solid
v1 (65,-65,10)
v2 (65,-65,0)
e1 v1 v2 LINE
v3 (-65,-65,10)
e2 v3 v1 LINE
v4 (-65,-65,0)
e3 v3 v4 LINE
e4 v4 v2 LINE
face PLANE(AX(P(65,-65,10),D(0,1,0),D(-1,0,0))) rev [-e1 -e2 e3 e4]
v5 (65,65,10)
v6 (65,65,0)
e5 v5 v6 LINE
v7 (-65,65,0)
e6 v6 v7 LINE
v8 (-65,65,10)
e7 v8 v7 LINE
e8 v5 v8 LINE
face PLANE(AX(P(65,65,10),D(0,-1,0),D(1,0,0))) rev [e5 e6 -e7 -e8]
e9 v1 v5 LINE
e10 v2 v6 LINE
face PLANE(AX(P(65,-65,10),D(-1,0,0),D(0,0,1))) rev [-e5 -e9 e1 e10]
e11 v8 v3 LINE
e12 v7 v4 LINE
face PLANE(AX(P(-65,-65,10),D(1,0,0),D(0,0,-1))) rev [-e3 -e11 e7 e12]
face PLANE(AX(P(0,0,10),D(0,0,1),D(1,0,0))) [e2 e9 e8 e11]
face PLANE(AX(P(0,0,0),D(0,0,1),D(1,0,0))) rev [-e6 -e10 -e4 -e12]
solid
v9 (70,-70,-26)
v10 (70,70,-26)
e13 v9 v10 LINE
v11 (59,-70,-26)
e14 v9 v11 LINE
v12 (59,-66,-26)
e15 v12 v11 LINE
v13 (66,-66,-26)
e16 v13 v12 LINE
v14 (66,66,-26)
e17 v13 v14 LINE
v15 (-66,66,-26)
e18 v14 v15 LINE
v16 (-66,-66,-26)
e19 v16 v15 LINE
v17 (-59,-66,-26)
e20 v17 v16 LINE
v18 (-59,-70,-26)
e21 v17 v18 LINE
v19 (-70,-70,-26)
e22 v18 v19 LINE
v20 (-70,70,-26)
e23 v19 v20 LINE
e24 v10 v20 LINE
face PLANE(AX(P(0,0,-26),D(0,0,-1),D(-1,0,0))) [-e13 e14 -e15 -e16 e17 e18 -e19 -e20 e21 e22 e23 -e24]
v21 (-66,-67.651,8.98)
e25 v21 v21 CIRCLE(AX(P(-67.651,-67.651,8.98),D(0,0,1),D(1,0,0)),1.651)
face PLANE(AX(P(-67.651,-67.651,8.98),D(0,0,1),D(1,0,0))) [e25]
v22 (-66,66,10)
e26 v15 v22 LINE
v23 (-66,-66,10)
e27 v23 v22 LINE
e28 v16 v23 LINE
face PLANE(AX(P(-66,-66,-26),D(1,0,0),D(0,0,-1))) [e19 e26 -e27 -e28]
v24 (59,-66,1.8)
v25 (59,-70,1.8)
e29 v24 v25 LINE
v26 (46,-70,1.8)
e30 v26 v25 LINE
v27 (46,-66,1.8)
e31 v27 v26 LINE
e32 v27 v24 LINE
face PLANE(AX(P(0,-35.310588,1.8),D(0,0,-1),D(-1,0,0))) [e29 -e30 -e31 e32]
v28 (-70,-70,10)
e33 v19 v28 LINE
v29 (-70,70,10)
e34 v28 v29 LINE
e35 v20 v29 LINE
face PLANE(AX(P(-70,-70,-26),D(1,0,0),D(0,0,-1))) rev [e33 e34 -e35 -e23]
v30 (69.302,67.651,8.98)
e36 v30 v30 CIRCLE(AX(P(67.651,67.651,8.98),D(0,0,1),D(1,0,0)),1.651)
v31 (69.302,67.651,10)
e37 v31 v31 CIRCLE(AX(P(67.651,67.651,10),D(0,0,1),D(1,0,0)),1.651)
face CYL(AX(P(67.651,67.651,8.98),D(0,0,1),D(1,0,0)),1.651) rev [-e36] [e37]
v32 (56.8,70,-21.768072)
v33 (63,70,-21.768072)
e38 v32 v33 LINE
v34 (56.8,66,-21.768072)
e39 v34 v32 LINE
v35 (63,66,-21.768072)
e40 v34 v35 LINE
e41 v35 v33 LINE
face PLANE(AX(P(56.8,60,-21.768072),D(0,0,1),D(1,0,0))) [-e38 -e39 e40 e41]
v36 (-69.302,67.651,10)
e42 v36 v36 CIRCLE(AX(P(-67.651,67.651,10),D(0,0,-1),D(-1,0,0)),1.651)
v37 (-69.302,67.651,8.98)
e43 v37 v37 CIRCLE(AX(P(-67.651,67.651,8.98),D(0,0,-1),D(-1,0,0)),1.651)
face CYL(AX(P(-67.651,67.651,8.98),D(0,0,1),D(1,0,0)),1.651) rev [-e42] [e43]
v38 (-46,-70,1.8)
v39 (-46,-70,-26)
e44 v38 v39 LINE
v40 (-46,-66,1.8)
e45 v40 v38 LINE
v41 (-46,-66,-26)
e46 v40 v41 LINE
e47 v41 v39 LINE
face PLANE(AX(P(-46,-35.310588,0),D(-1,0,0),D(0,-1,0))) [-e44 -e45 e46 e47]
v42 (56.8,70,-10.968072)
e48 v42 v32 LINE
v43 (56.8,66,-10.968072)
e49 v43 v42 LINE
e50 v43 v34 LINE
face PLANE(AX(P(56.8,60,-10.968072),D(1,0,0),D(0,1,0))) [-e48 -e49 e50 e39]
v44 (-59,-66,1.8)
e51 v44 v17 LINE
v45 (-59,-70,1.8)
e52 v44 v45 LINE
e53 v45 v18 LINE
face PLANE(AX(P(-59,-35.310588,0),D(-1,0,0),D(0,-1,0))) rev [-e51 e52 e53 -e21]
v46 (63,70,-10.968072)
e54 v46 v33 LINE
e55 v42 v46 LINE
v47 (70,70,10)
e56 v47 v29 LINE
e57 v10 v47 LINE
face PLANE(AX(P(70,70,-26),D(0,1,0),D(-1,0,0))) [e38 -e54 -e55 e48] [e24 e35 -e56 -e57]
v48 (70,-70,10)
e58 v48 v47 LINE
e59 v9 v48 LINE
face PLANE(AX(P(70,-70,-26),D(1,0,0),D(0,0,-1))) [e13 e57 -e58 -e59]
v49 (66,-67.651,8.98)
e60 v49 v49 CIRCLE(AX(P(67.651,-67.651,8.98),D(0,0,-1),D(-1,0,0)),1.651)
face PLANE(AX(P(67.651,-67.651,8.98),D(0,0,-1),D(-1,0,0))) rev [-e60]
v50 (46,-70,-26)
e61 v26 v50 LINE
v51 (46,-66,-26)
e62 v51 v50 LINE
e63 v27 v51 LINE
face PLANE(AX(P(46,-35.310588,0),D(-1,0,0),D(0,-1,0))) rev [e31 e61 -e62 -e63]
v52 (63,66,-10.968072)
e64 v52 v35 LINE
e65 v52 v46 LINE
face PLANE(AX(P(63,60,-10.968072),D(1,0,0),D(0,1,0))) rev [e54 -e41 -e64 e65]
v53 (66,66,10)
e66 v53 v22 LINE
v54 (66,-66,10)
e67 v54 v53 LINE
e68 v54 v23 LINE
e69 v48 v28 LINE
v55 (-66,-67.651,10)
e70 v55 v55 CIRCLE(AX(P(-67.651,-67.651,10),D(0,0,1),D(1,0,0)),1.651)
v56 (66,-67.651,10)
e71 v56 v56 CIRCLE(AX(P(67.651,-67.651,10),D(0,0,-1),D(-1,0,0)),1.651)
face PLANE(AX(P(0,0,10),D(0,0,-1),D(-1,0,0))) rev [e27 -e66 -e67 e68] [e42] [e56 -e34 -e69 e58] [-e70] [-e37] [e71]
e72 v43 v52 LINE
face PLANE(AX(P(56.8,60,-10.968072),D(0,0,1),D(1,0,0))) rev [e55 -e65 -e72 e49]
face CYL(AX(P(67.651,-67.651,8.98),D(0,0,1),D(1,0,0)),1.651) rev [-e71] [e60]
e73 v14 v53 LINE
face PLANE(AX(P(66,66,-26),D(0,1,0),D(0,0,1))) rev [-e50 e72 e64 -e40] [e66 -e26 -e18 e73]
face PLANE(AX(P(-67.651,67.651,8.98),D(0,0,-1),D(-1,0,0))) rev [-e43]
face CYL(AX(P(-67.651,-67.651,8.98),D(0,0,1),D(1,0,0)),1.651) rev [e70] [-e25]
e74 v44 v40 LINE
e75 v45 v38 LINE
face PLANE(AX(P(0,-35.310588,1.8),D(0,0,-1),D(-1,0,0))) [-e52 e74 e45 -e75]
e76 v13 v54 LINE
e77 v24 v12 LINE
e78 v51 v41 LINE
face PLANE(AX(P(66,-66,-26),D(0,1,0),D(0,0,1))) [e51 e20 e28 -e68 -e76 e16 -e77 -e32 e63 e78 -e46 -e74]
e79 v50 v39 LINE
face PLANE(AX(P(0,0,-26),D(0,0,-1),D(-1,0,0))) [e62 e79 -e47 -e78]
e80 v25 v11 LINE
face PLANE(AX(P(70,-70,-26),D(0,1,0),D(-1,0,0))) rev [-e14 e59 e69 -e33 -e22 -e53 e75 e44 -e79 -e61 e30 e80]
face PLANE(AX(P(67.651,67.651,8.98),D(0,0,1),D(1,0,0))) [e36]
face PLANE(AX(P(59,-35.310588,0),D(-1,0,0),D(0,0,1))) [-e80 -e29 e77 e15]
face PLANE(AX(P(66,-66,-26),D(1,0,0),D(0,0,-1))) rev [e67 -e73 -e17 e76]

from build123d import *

# Parameters (mm, degrees)
SKETCH5_W           = 130
SKETCH5_H           = 130
BOSS_EXTRUDE4_DEPTH = 10
SKETCH6_W           = 140
SKETCH6_H           = 140
SKETCH6_W_2         = 132
SKETCH6_H_2         = 132
BOSS_EXTRUDE5_DEPTH = 36
SKETCH7_R           = 1.651
CUT_EXTRUDE2_DEPTH  = 1.02
SKETCH8_W           = 13
SKETCH8_H           = 27.8
CUT_EXTRUDE3_DEPTH  = 4
SKETCH9_W           = 6.2
SKETCH9_H           = 10.8
CUT_EXTRUDE4_DEPTH  = 10


with BuildPart() as part:
    # Sketch5 → Boss-Extrude4 (new body)
    with BuildSketch(Plane.XY):
        Rectangle(SKETCH5_W, SKETCH5_H)
    extrude(amount=BOSS_EXTRUDE4_DEPTH)


with BuildPart() as body_2:
    # Sketch6 → Boss-Extrude5 (new body)
    with BuildSketch(Plane.XY.offset(10)):
        Rectangle(SKETCH6_W, SKETCH6_H)
        Rectangle(SKETCH6_W_2, SKETCH6_H_2, mode=Mode.SUBTRACT)
    extrude(amount=-BOSS_EXTRUDE5_DEPTH)

    # Sketch7 → Cut-Extrude2 (cut)
    with BuildSketch(Plane.XY.offset(10)):
        with Locations((67.651, 67.651)):
            Circle(SKETCH7_R)
        with Locations(Location((-67.651, 67.651, 0), (0, 0, 180))):
            Circle(SKETCH7_R)
        with Locations(Location((67.651, -67.651, 0), (0, 0, 180))):
            Circle(SKETCH7_R)
        with Locations((-67.651, -67.651)):
            Circle(SKETCH7_R)
    extrude(amount=-CUT_EXTRUDE2_DEPTH, mode=Mode.SUBTRACT)

    # Sketch8 → Cut-Extrude3 (cut)
    with BuildSketch(Plane.XZ.offset(70)):
        with Locations((-52.5, -12.1)):
            Rectangle(SKETCH8_W, SKETCH8_H)
        with Locations((52.5, -12.1)):
            Rectangle(SKETCH8_W, SKETCH8_H)
    extrude(amount=-CUT_EXTRUDE3_DEPTH, mode=Mode.SUBTRACT)

    # Sketch9 → Cut-Extrude4 (cut)
    with BuildSketch(Plane(origin=(0, 70, 0), x_dir=(1, 0, 0), z_dir=(0, 1, 0))):
        with Locations((59.9, 16.368072475)):
            Rectangle(SKETCH9_W, SKETCH9_H)
    extrude(amount=-CUT_EXTRUDE4_DEPTH, mode=Mode.SUBTRACT)


solid = Compound([part.part, body_2.part])
